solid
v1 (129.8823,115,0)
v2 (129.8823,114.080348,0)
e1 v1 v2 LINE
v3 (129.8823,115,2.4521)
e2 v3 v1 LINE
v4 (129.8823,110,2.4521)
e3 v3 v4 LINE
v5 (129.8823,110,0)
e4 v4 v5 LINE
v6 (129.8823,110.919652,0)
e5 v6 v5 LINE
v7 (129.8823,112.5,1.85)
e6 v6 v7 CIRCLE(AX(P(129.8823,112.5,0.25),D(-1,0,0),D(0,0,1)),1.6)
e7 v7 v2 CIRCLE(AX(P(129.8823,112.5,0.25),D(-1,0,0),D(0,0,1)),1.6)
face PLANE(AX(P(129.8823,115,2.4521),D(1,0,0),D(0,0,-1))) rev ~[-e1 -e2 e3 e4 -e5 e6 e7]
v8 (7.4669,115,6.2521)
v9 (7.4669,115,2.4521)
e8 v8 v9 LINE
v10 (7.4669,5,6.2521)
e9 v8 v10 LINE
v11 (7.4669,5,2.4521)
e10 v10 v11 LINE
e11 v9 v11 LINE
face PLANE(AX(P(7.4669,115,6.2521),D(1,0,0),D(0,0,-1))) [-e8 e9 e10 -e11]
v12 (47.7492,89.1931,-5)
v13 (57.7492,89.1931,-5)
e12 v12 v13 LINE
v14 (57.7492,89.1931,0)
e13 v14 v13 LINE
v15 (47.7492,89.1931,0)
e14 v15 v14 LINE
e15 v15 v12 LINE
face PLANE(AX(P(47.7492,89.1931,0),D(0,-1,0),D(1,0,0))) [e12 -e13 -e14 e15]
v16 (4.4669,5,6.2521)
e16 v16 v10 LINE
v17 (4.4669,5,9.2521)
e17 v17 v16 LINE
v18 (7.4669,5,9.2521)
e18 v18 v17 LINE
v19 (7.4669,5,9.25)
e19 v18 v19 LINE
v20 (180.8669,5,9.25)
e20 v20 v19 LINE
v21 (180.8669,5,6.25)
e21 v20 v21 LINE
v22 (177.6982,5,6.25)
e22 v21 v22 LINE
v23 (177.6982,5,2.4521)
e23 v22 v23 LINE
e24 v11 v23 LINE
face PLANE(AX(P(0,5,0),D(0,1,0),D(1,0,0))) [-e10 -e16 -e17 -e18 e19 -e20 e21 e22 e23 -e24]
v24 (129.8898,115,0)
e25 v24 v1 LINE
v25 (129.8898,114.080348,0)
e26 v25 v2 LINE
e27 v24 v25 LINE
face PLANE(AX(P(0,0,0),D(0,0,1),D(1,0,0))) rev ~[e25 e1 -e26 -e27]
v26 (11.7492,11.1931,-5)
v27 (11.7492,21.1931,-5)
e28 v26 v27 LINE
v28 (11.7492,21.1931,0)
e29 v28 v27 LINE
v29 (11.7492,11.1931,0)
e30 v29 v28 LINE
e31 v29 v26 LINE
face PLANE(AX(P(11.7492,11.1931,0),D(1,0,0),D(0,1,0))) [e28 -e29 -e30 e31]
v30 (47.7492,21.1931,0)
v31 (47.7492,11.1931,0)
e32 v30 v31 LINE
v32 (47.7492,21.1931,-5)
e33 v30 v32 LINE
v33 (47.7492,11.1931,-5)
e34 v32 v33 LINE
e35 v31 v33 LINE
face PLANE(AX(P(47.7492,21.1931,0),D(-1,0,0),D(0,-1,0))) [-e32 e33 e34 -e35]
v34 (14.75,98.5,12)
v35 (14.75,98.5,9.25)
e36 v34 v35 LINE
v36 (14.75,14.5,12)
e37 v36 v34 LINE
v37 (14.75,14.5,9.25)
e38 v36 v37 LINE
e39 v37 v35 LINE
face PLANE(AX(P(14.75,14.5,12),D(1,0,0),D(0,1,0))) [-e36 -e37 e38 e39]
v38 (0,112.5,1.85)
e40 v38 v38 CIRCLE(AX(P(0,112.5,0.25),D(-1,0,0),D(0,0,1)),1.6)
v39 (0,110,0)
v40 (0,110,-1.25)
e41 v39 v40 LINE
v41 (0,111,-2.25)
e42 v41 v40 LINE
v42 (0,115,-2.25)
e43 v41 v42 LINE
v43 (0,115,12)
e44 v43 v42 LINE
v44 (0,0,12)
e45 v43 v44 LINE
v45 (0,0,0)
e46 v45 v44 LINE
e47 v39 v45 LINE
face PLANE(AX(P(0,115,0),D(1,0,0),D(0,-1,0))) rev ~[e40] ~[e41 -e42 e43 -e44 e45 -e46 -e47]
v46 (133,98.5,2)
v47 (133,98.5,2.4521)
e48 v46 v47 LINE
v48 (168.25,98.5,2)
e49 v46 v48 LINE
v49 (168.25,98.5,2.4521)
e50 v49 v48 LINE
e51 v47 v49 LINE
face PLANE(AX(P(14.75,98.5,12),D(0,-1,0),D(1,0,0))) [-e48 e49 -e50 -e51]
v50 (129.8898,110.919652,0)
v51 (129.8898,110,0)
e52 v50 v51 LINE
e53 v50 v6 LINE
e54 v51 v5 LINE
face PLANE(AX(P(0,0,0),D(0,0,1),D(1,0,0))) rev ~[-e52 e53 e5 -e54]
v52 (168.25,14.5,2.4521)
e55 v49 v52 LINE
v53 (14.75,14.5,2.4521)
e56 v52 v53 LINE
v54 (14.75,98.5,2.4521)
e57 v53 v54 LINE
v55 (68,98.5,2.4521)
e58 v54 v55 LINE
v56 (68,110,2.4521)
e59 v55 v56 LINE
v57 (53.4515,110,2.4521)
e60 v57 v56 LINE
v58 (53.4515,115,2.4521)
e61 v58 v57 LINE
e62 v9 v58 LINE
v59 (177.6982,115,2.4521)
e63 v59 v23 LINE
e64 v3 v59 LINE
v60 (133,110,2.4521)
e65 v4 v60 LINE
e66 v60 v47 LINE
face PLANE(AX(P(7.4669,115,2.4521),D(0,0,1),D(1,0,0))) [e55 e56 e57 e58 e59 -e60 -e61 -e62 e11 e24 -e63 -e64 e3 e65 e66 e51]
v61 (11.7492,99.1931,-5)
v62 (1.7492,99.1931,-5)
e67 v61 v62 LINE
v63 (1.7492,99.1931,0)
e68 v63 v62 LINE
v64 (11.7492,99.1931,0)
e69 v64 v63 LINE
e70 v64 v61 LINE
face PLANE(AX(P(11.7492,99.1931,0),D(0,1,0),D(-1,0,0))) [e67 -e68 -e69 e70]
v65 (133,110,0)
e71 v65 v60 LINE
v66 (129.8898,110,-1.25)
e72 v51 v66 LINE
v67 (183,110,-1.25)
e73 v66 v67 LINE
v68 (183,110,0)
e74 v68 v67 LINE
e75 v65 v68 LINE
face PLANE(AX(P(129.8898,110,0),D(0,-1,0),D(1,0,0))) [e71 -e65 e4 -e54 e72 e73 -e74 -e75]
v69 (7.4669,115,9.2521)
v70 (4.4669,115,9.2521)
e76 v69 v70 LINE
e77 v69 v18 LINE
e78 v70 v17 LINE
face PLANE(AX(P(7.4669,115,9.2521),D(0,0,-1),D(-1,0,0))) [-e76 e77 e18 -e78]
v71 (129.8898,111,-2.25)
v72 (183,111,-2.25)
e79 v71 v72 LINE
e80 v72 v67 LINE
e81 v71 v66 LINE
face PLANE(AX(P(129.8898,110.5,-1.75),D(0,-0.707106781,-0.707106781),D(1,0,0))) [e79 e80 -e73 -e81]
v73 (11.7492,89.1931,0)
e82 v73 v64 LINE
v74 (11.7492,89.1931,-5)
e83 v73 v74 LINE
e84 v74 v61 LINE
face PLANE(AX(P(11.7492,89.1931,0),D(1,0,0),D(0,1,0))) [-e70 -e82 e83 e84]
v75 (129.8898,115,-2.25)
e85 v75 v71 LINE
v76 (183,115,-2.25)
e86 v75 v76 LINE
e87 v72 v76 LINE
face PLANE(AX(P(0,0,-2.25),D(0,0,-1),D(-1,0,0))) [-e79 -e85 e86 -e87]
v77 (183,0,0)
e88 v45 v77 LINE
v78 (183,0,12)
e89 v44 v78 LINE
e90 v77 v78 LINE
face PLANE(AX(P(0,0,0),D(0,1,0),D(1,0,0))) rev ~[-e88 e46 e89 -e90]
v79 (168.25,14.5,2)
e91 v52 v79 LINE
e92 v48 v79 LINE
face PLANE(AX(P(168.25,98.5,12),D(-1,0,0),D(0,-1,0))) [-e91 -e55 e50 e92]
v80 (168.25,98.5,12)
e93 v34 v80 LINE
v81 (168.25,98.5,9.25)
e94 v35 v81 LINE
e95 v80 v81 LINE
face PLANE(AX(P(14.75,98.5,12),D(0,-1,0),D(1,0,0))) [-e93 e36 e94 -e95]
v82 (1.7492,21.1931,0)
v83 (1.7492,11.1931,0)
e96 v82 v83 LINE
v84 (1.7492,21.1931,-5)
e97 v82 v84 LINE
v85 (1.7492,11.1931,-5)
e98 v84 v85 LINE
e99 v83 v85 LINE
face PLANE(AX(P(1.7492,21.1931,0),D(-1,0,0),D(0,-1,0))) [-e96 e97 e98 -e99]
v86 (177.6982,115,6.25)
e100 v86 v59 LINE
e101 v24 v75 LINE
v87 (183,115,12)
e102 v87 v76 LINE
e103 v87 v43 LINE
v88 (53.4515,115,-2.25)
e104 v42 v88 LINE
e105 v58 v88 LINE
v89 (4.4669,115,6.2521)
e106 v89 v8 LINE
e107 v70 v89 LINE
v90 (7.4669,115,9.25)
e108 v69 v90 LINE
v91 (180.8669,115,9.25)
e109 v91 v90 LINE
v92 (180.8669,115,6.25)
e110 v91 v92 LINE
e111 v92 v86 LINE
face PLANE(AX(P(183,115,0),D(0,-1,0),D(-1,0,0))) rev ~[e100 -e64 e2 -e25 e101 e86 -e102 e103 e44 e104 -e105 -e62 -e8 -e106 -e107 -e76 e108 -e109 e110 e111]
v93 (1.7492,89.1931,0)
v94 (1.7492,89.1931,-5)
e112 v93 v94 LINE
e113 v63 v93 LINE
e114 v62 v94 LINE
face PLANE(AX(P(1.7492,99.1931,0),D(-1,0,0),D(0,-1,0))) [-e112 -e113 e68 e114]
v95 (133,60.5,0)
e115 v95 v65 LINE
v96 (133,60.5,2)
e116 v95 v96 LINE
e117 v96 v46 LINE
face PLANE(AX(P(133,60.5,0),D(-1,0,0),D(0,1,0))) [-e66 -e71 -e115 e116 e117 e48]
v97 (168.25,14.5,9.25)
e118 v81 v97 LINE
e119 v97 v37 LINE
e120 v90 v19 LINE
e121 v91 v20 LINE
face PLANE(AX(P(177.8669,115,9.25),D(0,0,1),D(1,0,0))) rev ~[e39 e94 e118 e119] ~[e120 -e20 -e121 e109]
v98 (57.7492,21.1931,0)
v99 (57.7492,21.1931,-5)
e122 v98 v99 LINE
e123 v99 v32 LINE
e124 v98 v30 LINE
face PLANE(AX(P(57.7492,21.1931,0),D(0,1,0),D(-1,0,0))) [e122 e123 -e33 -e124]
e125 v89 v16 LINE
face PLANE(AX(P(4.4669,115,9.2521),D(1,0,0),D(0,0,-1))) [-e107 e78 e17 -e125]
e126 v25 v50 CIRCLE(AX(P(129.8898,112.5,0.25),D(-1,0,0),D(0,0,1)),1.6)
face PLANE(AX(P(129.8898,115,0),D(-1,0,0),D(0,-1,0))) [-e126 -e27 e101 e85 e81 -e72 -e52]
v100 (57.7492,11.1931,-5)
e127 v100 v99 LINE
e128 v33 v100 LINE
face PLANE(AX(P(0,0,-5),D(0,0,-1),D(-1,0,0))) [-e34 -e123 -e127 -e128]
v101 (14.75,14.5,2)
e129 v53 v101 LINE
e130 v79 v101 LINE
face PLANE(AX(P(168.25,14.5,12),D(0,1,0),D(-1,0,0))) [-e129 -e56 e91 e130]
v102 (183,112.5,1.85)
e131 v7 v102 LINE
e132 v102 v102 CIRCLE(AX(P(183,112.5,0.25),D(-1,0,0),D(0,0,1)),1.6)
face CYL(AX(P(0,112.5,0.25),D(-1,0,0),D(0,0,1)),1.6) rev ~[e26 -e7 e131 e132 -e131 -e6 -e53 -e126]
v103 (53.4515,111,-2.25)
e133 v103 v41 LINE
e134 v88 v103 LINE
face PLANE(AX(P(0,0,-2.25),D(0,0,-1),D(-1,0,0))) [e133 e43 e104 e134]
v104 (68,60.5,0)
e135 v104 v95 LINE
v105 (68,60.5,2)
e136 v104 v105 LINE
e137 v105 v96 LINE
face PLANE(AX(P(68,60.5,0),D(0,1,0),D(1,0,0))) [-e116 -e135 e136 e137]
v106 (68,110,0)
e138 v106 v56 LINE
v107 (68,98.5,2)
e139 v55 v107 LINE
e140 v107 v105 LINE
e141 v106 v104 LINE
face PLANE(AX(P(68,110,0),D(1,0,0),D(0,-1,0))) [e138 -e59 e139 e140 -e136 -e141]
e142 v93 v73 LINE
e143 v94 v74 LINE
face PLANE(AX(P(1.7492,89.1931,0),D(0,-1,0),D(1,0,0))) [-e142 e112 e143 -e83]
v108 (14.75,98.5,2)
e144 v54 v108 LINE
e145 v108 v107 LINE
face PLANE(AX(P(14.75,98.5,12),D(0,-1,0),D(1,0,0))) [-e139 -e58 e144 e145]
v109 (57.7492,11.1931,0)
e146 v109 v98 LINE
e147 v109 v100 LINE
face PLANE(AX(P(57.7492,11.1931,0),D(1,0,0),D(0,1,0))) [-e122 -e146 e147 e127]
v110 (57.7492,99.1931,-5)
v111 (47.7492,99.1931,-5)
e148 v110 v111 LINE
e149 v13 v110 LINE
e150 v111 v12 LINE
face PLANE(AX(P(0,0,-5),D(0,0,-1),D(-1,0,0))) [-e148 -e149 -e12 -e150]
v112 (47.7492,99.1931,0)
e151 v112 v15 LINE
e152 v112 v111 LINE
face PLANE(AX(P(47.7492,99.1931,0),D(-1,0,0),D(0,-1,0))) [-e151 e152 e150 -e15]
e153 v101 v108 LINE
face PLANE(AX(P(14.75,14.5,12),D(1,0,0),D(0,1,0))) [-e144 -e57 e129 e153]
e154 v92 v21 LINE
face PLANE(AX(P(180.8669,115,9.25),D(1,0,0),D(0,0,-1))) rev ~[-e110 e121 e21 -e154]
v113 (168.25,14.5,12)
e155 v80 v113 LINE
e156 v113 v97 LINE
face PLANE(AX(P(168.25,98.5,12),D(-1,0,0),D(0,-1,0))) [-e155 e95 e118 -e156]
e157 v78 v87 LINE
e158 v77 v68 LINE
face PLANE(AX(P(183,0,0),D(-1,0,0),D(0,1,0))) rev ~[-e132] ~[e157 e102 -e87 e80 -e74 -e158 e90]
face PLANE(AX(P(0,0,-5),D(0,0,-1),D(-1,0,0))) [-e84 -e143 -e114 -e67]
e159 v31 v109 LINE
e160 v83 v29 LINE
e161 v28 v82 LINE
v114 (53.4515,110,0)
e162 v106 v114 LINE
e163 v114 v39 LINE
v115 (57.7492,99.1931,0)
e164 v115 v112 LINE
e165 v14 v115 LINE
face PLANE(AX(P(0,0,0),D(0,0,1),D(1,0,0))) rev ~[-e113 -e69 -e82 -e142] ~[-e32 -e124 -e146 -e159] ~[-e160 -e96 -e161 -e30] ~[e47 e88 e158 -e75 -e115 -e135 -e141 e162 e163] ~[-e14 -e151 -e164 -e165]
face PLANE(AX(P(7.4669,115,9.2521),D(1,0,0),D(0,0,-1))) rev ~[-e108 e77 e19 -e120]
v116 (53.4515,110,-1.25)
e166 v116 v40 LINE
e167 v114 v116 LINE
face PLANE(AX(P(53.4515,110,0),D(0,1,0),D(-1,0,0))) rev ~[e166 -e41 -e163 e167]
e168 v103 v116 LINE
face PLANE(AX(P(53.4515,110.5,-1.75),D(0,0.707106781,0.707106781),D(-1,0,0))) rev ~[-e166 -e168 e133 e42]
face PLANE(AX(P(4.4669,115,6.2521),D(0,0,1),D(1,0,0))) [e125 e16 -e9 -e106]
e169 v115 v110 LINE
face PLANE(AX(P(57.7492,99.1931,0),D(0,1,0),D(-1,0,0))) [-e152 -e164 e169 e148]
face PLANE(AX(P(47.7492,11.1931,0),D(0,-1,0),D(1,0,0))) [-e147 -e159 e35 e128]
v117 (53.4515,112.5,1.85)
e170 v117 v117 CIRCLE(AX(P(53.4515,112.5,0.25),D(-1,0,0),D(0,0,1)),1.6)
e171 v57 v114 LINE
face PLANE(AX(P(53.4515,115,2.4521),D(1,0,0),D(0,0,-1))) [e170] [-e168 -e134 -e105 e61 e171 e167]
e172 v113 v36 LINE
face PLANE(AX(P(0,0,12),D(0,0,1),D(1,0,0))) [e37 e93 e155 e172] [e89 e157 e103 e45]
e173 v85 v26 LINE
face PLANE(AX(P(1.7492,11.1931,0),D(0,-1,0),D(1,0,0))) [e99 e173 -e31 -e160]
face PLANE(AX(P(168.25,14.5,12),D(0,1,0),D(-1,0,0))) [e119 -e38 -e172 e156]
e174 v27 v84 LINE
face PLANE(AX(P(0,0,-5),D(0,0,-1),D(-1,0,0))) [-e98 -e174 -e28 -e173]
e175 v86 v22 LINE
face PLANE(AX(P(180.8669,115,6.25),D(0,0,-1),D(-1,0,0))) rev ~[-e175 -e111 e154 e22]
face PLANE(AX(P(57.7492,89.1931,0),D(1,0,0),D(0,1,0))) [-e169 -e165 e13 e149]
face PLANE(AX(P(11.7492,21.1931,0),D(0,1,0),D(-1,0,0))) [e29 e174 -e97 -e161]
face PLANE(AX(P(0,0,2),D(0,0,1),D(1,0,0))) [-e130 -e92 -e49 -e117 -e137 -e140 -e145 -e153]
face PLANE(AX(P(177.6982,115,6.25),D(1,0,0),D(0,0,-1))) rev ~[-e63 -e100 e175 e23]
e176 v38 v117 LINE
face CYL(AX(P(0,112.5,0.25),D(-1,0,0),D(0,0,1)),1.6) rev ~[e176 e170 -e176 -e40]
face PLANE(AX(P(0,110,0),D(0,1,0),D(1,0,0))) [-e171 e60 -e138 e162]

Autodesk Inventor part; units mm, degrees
ref_plane "YZ Plane" through (0, 0, 0) normal (1, 0, 0) x (0, 1, 0)
ref_plane "XZ Plane" through (0, 0, 0) normal (0, 1, 0) x (-1, 0, 0)
sketch "Sketch1" plane through (0, 0, 0) normal (0, 0, 1) x (1, 0, 0)
  line L0 (0, 0) -> (183, 0)
  line L1 (183, 0) -> (183, 115)
  line L2 (183, 115) -> (0, 115)
  line L3 (0, 115) -> (0, 0)
  dimension "d0" = 183
  dimension "d1" = 115
extrude "Extrusion1" add sketch "Sketch1" along normal blind 12
sketch "Sketch2" plane through (0, 115, 0) normal (0, 1, 0) x (1, 0, 0)
  line L0 (0, 0) -> (0, -12) projected
  line L1 (0, -12) -> (183, -12) projected
  line L2 (183, 0) -> (0, 0) projected
  line L3 (7.4669, -2.4521) -> (177.6982, -2.4521)
  line L4 (177.8669, -9.25) -> (7.4669, -9.25)
  line L5 (7.4669, -6.2521) -> (7.4669, -2.4521)
  line L6 (7.4669, -9.2521) -> (7.4669, -9.25)
  line L7 (177.6982, -6.25) -> (177.6982, -2.4521)
  line L8 (7.4669, -9.2521) -> (4.4669, -9.2521)
  line L9 (4.4669, -9.2521) -> (4.4669, -6.2521)
  line L10 (4.4669, -6.2521) -> (7.4669, -6.2521)
  line L11 (177.8669, -9.25) -> (180.8669, -9.25)
  line L12 (180.8669, -9.25) -> (180.8669, -6.25)
  line L13 (180.8669, -6.25) -> (177.6982, -6.25)
  point P0 (0, -6)
  point P1 (0, -6)
  point P2 (0, -6)
  point P3 (0, -6)
  point P4 (91.5, -2.4521)
  point P5 (91.5, 0)
  point P6 (0, -6)
  point P7 (7.3, -9.25)
  dimension "d75" = 170.4
  dimension "d76" = 6.8
  dimension "d122" = 2.75
  dimension "d123" = 6.8
  dimension "d131" = 3
  dimension "d132" = 3
  dimension "d134" = 3
  dimension "d135" = 3
  dimension "d136" = 90
ref_plane "Work Plane1" through (91.5, 0, 0) normal (-1, 0, 0) x (0, 0, 1)
sketch "Sketch6" plane through (91.5, 0, 0) normal (-1, 0, 0) x (0, 0, 1)
  point P0 (0, 115)
  point P1 (0, 101)
sketch "Sketch7" plane through (0, 0, 0) normal (0, 0, -1) x (-1, 0, 0)
  line L0 (-146.5, 112) -> (-36.5, 112)
  line L1 (-36.5, 112) -> (-36.5, 115)
  line L2 (-36.5, 115) -> (-146.5, 115)
  line L3 (-146.5, 115) -> (-146.5, 112)
  line L4 (-183, 115) -> (0, 115) projected
  point P0 (0, 0)
  point P1 (-91.5, 115)
  point P2 (-91.5, 115)
  dimension "d34" = 110
  dimension "d35" = 3
sketch "Sketch14" plane through (0, 0, 12) normal (-1, 0, 0) x (0, 0, 1)
  line L0 (-9, 101) -> (-11, 101) projected
  line L1 (-11, 101) -> (-12, 98.8551)
  line L2 (-12, 0) -> (-12, 115) projected
  line L3 (-9, 101) -> (-6.8161, 101) projected
  line L4 (-9, 101) -> (-11, 101)
  line L5 (-9, 101) -> (-9, 98.8551)
sketch "Sketch15" plane through (183, 0, 12) normal (1, 0, 0) x (0, 0, -1)
  line L0 (11, 101) -> (12, 98.8551) projected
  line L1 (9, 101) -> (11, 101) projected
  line L2 (12, 115) -> (12, 0) projected
  point P0 (12, 0)
extrude "Extrusion15" cut sketch "Sketch2" against normal blind 110
sketch "Sketch18" plane through (0, 0, 12) normal (0, 0, 1) x (1, 0, 0)
  line L0 (14.75, 98.5) -> (168.25, 98.5)
  line L1 (168.25, 98.5) -> (168.25, 14.5)
  line L2 (168.25, 14.5) -> (14.75, 14.5)
  line L3 (14.75, 14.5) -> (14.75, 98.5)
  line L4 (183, 0) -> (0, 0) projected
  line L5 (0, 115) -> (183, 115) projected
  point P0 (91.5, 98.5)
  point P1 (91.5, 115)
  dimension "d88" = 153.5
  dimension "d89" = 84
  dimension "d90" = 14.5
sketch "Sketch19" plane through (0, 115, 0) normal (0, 1, 0) x (1, 0, 0)
  line L0 (183, 0) -> (0, 0) projected
  line L1 (7.4669, -2.4521) -> (177.6982, -2.4521) projected
  line L2 (129.8823, -2.4521) -> (129.8823, 0)
  line L3 (53.4515, -2.4521) -> (53.4515, 0)
  line L4 (129.8823, -2.4521) -> (53.4515, -2.4521)
  line L5 (53.4515, 0) -> (129.8823, 0)
  point P0 (53.4515, 0)
  point P1 (53.4515, -2.4521)
extrude "Extrusion16" cut sketch "Sketch19" against normal blind 5
sketch "Sketch21" plane through (0, 0, 0) normal (0, 0, -1) x (-1, 0, 0)
  line L0 (-129.8823, 110) -> (-53.4515, 110) projected
  line L1 (0, 115) -> (-183, 115) projected
  line L2 (-53.4515, 110) -> (0, 110)
  line L3 (0, 110) -> (0, 115)
  line L4 (0, 115) -> (-53.4515, 115)
  line L5 (-53.4515, 115) -> (-53.4515, 110)
  line L6 (-183, 0) -> (-183, 115) projected
  line L7 (-183, 115) -> (-129.8898, 115)
  line L8 (-129.8898, 115) -> (-129.8898, 110)
  line L9 (-129.8898, 110) -> (-183, 110)
  line L10 (-183, 110) -> (-183, 115)
  point P0 (0, 0)
  point P1 (-129.8898, 115)
extrude "Extrusion17" add sketch "Sketch21" along normal blind 2.25
sketch "Sketch22" plane through (0, 0, 12) normal (-1, 0, 0) x (0, 0, 1)
  line L0 (-14.25, 115) -> (0, 115) projected
  line L1 (-14.25, 115) -> (-9.25, 115)
  line L2 (-9.25, 115) -> (-9.25, 110)
  line L3 (-12, 110) -> (-14.25, 110) projected
  line L4 (-9.25, 110) -> (-14.25, 110)
  circle A0 centre (-11.75, 112.5) radius 1.6
  point P0 (-12, 0)
  dimension "d95" = 5
  dimension "d96" = 5
  dimension "d97" = 90
  dimension "d98" = 3.2
extrude "Extrusion18" cut sketch "Sketch22" against normal through all
sketch "Sketch23" plane through (0, 0, 0) normal (0, 0, -1) x (-1, 0, 0)
  line L0 (-36.5, 115) -> (-146.5, 115) projected
  line L1 (-183, 110) -> (-129.8898, 110) projected
  line L2 (-133, 110) -> (-68, 110)
  line L3 (-68, 110) -> (-68, 60.5)
  line L4 (-68, 60.5) -> (-133, 60.5)
  line L5 (-133, 60.5) -> (-133, 110)
  line L6 (0, 110) -> (0, 0) projected
  line L7 (-183, 0) -> (-183, 110) projected
  dimension "d101" = 49.5
  dimension "d102" = 68
  dimension "d103" = 50
extrude "Extrusion19" cut sketch "Sketch23" against normal up to surface (9.25 mm away)
sketch "Sketch24" plane through (0, 0, 0) normal (0, 0, -1) x (-1, 0, 0)
  line L0 (-57.7492, 99.1931) -> (-47.7492, 99.1931)
  line L1 (-47.7492, 99.1931) -> (-47.7492, 89.1931)
  line L2 (-47.7492, 89.1931) -> (-57.7492, 89.1931)
  line L3 (-57.7492, 89.1931) -> (-57.7492, 99.1931)
  line L4 (-11.7492, 99.1931) -> (-1.7492, 99.1931)
  line L5 (-1.7492, 99.1931) -> (-1.7492, 89.1931)
  line L6 (-1.7492, 89.1931) -> (-11.7492, 89.1931)
  line L7 (-11.7492, 89.1931) -> (-11.7492, 99.1931)
  line L8 (-57.7492, 21.1931) -> (-47.7492, 21.1931)
  line L9 (-47.7492, 21.1931) -> (-47.7492, 11.1931)
  line L10 (-47.7492, 11.1931) -> (-57.7492, 11.1931)
  line L11 (-57.7492, 11.1931) -> (-57.7492, 21.1931)
  line L12 (-11.7492, 21.1931) -> (-1.7492, 21.1931)
  line L13 (-1.7492, 21.1931) -> (-1.7492, 11.1931)
  line L14 (-1.7492, 11.1931) -> (-11.7492, 11.1931)
  line L15 (-11.7492, 11.1931) -> (-11.7492, 21.1931)
  point P0 (0, 0)
  point P1 (-57.7492, 16.1931)
  point P2 (-57.7492, 94.1931)
  point P3 (-6.7492, 11.1931)
  point P4 (-6.7492, 99.1931)
  dimension "d108" = 10
  dimension "d109" = 10
  dimension "d110" = 10
  dimension "d111" = 10
  dimension "d112" = 10
  dimension "d113" = 10
  dimension "d114" = 10
  dimension "d115" = 10
  dimension "d116" = 56
  dimension "d118" = 88
  dimension "d137" = 88
extrude "Extrusion20" add sketch "Sketch24" along normal blind 5
extrude "Extrusion21" cut sketch "Sketch18" against normal blind 10
chamfer "Chamfer1" distance 1 angle 45 2 edges at (26.7257, 110, -2.25) (156.4449, 110, -2.25)
properties part number "stojan - správná verze"
